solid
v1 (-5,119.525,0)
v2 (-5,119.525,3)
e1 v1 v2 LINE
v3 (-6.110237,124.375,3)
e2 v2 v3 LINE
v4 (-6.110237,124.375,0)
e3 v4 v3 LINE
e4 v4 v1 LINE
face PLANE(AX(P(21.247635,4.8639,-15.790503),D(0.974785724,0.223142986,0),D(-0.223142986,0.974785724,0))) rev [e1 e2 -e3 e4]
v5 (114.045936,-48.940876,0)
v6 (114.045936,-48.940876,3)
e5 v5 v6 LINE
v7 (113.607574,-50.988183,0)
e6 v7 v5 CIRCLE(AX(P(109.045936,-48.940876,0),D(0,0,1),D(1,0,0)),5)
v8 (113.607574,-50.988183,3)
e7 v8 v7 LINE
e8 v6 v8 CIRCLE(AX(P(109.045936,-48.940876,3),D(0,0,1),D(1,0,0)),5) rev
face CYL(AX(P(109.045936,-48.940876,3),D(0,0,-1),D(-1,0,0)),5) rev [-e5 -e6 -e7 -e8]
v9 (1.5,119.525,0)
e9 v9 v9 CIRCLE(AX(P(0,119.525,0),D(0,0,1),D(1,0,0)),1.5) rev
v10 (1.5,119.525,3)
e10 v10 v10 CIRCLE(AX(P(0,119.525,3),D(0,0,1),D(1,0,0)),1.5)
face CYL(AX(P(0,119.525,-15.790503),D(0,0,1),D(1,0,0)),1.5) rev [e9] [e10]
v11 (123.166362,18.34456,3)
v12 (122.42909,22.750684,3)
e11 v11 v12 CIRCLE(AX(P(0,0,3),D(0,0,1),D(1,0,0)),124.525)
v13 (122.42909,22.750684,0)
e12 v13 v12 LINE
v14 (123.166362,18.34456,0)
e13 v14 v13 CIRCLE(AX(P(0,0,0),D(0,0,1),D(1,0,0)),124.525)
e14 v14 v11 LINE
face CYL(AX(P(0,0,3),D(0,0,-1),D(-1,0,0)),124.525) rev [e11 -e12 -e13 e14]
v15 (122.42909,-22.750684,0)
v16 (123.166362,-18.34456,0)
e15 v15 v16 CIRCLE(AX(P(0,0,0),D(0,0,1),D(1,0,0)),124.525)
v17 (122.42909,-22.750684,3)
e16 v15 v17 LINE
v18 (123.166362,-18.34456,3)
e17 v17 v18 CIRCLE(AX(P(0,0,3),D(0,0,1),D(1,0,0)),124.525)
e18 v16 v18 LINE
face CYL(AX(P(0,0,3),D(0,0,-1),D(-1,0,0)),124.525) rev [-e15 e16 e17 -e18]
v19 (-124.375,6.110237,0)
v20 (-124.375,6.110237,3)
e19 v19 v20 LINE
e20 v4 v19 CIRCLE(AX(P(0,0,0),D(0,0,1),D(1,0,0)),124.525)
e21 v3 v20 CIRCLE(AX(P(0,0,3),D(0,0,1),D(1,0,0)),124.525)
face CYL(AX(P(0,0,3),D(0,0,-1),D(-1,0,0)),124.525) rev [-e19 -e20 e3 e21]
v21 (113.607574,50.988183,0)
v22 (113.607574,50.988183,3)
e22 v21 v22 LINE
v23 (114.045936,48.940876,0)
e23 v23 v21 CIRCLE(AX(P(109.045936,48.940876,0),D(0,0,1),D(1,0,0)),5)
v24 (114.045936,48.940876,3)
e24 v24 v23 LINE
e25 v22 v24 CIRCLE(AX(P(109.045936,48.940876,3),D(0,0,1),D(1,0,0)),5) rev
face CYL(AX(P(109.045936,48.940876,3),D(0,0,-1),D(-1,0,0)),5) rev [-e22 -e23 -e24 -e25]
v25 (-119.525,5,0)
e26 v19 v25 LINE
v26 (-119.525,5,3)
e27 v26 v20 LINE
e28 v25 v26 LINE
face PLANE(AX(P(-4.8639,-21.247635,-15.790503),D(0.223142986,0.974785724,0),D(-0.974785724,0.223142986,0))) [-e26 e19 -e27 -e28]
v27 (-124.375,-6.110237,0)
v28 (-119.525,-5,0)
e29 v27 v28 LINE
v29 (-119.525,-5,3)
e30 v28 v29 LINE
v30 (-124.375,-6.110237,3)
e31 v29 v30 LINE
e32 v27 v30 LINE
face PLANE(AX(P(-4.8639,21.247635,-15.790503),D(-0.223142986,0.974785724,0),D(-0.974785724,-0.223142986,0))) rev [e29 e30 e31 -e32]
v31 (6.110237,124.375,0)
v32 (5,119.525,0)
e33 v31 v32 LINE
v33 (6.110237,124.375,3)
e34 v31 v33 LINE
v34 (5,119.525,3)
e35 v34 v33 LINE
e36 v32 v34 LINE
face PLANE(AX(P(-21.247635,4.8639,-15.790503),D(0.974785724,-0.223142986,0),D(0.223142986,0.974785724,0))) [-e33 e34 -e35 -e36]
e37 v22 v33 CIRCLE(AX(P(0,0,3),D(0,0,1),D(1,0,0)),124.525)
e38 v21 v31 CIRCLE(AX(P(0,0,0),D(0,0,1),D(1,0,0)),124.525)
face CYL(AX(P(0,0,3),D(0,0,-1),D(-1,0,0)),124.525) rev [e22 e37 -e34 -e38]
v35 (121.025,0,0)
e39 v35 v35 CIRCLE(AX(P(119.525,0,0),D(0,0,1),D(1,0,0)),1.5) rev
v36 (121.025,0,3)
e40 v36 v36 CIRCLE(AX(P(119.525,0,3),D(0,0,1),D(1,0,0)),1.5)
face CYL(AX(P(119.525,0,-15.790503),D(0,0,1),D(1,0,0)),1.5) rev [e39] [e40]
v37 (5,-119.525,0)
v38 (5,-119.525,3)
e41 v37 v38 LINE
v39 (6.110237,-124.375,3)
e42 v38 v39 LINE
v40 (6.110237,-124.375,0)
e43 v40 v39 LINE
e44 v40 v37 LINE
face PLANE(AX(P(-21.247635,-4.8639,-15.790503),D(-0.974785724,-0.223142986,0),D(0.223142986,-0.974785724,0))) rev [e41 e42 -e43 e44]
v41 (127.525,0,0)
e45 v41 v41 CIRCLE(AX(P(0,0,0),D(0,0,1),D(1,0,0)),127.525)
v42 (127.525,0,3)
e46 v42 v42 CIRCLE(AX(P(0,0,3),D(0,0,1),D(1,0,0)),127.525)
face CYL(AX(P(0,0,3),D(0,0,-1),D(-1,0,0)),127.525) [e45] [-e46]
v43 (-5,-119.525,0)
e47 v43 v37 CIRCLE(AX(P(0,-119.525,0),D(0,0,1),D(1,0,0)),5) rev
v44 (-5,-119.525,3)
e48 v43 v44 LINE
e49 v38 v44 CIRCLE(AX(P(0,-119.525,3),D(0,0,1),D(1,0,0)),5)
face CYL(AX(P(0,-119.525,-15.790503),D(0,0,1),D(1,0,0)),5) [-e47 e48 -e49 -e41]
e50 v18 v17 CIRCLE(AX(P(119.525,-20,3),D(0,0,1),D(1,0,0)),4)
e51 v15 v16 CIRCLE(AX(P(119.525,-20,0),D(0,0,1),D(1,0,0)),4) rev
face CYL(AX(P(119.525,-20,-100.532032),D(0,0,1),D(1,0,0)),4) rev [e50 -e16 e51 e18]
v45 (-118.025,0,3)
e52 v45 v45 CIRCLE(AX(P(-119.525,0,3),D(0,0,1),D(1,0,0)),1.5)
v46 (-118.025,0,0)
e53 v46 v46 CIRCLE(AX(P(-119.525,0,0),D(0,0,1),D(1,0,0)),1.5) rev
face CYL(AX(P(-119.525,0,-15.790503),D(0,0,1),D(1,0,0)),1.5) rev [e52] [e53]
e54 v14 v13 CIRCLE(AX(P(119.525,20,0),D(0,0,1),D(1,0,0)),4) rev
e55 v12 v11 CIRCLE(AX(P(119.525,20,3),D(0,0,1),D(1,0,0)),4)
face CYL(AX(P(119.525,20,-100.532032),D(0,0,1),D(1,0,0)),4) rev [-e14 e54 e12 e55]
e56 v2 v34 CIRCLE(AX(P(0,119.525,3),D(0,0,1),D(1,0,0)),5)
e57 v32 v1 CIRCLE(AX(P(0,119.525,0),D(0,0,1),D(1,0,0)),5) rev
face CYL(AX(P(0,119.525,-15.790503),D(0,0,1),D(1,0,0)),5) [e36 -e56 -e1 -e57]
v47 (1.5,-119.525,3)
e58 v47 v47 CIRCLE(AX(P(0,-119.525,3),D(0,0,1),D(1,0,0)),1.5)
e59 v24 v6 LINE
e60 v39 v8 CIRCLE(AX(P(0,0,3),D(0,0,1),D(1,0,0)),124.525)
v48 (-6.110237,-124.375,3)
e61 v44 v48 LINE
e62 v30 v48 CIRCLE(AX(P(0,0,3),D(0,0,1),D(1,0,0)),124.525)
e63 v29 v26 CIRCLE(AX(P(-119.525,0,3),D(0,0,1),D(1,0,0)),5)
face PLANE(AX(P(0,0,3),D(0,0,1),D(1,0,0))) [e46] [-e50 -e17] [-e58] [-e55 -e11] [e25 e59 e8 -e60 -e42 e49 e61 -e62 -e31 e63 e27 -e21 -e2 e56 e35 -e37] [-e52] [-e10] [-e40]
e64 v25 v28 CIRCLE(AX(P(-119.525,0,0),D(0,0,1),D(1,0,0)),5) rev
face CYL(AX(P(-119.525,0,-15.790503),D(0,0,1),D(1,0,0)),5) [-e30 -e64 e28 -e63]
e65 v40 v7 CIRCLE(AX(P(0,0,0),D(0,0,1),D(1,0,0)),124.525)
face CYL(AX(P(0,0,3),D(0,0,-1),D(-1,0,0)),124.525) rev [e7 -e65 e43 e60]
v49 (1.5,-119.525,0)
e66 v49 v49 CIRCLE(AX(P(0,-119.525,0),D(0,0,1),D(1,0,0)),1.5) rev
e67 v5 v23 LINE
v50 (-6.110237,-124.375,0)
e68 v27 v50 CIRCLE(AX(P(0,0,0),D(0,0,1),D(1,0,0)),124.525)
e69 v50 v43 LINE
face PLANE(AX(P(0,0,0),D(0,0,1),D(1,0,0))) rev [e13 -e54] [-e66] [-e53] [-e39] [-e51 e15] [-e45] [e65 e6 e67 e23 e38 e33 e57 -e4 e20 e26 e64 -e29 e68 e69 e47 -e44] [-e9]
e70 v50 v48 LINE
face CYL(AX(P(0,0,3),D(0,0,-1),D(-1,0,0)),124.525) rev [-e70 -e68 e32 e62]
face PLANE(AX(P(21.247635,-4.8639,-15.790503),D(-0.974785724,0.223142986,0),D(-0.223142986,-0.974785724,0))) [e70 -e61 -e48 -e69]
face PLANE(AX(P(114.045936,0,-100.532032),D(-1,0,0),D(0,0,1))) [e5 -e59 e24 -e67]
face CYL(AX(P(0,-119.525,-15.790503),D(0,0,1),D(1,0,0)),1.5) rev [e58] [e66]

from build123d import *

# Parameters (mm, degrees)
SKETCH1_R           = 127.525
SKETCH1_R_2         = 124.525
BOSS_EXTRUDE1_DEPTH = 3
SKETCH2_R           = 1.5
BOSS_EXTRUDE2_DEPTH = 3
BOSS_EXTRUDE3_DEPTH = 3
FILLET1_R           = 5


with BuildPart() as part:
    # Sketch1 → Boss-Extrude1 (new body)
    with BuildSketch(Plane.XY):
        Circle(SKETCH1_R)
        Circle(SKETCH1_R_2, mode=Mode.SUBTRACT)
    extrude(amount=BOSS_EXTRUDE1_DEPTH)

    # Sketch2 → Boss-Extrude2 (add)
    with BuildSketch(Plane.XY.offset(3)):
        with BuildLine():
            Line((-6.110237311, 124.375), (-5, 119.525))
            ThreePointArc((-5, 119.525), (0, 114.525), (5, 119.525))
            Line((5, 119.525), (6.110237311, 124.375))
            ThreePointArc((6.110237311, 124.375), (0, 124.525), (-6.110237311, 124.375))
        make_face()
        with Locations((0, 119.525)):
            Circle(SKETCH2_R, mode=Mode.SUBTRACT)
        with BuildLine():
            Line((-119.525, 5), (-124.375, 6.110237311))
            ThreePointArc((-124.375, 6.110237311), (-124.525, 0), (-124.375, -6.110237311))
            Line((-124.375, -6.110237311), (-119.525, -5))
            ThreePointArc((-119.525, -5), (-114.525, 0), (-119.525, 5))
        make_face()
        with Locations((-119.525, 0)):
            Circle(SKETCH2_R, mode=Mode.SUBTRACT)
        with BuildLine():
            Line((-5, -119.525), (-6.110237311, -124.375))
            ThreePointArc((-6.110237311, -124.375), (0, -124.525), (6.110237311, -124.375))
            Line((6.110237311, -124.375), (5, -119.525))
            ThreePointArc((5, -119.525), (0, -114.525), (-5, -119.525))
        make_face()
        with Locations((0, -119.525)):
            Circle(SKETCH2_R, mode=Mode.SUBTRACT)
        with BuildLine():
            ThreePointArc((124.525, 0), (124.487494352, 3.056039103), (124.375, 6.110237311))
            Line((124.375, 6.110237311), (119.525, 5))
            ThreePointArc((119.525, 5), (114.525, 0), (119.525, -5))
            Line((119.525, -5), (124.375, -6.110237311))
            ThreePointArc((124.375, -6.110237311), (124.487494352, -3.056039103), (124.525, 0))
        make_face()
        with Locations((119.525, 0)):
            Circle(SKETCH2_R, mode=Mode.SUBTRACT)
    extrude(amount=-BOSS_EXTRUDE2_DEPTH)

    # Sketch3 → Boss-Extrude3 (add)
    with BuildSketch(Plane.XY.offset(3)):
        with BuildLine():
            ThreePointArc((122.429089666, 22.750684136), (119.019917661, 36.616046004), (114.045936469, 50))
            Line((114.045936469, 50), (114.045936469, -50))
            ThreePointArc((114.045936469, -50), (119.019917661, -36.616046004), (122.429089666, -22.750684136))
            ThreePointArc((122.429089666, -22.750684136), (115.850579192, -21.580706086), (119.525, -16))
            Line((119.525, -16), (119.525, -5))
            ThreePointArc((119.525, -5), (114.525, 0), (119.525, 5))
            Line((119.525, 5), (119.525, 16))
            ThreePointArc((119.525, 16), (115.850579192, 21.580706086), (122.429089666, 22.750684136))
        make_face()
        with BuildLine():
            ThreePointArc((123.166362087, 18.34455983), (121.690437522, 16.636834774), (119.525, 16))
            Line((119.525, 16), (119.525, 5))
            Line((119.525, 5), (124.375, 6.110237311))
            ThreePointArc((124.375, 6.110237311), (123.921754135, 12.242323195), (123.166362087, 18.34455983))
        make_face()
        with BuildLine():
            Line((119.525, -5), (119.525, -16))
            ThreePointArc((119.525, -16), (121.690437522, -16.636834774), (123.166362087, -18.34455983))
            ThreePointArc((123.166362087, -18.34455983), (123.921754135, -12.242323195), (124.375, -6.110237311))
            Line((124.375, -6.110237311), (119.525, -5))
        make_face()
    extrude(amount=-BOSS_EXTRUDE3_DEPTH)

    # Fillet1
    fillet1_edges = [part.edges().sort_by_distance(p)[0] for p in [
        (114.045936469, 50, 1.5),
        (114.045936469, -50, 1.5),
    ]]
    fillet(fillet1_edges, radius=FILLET1_R)


solid = part.part
